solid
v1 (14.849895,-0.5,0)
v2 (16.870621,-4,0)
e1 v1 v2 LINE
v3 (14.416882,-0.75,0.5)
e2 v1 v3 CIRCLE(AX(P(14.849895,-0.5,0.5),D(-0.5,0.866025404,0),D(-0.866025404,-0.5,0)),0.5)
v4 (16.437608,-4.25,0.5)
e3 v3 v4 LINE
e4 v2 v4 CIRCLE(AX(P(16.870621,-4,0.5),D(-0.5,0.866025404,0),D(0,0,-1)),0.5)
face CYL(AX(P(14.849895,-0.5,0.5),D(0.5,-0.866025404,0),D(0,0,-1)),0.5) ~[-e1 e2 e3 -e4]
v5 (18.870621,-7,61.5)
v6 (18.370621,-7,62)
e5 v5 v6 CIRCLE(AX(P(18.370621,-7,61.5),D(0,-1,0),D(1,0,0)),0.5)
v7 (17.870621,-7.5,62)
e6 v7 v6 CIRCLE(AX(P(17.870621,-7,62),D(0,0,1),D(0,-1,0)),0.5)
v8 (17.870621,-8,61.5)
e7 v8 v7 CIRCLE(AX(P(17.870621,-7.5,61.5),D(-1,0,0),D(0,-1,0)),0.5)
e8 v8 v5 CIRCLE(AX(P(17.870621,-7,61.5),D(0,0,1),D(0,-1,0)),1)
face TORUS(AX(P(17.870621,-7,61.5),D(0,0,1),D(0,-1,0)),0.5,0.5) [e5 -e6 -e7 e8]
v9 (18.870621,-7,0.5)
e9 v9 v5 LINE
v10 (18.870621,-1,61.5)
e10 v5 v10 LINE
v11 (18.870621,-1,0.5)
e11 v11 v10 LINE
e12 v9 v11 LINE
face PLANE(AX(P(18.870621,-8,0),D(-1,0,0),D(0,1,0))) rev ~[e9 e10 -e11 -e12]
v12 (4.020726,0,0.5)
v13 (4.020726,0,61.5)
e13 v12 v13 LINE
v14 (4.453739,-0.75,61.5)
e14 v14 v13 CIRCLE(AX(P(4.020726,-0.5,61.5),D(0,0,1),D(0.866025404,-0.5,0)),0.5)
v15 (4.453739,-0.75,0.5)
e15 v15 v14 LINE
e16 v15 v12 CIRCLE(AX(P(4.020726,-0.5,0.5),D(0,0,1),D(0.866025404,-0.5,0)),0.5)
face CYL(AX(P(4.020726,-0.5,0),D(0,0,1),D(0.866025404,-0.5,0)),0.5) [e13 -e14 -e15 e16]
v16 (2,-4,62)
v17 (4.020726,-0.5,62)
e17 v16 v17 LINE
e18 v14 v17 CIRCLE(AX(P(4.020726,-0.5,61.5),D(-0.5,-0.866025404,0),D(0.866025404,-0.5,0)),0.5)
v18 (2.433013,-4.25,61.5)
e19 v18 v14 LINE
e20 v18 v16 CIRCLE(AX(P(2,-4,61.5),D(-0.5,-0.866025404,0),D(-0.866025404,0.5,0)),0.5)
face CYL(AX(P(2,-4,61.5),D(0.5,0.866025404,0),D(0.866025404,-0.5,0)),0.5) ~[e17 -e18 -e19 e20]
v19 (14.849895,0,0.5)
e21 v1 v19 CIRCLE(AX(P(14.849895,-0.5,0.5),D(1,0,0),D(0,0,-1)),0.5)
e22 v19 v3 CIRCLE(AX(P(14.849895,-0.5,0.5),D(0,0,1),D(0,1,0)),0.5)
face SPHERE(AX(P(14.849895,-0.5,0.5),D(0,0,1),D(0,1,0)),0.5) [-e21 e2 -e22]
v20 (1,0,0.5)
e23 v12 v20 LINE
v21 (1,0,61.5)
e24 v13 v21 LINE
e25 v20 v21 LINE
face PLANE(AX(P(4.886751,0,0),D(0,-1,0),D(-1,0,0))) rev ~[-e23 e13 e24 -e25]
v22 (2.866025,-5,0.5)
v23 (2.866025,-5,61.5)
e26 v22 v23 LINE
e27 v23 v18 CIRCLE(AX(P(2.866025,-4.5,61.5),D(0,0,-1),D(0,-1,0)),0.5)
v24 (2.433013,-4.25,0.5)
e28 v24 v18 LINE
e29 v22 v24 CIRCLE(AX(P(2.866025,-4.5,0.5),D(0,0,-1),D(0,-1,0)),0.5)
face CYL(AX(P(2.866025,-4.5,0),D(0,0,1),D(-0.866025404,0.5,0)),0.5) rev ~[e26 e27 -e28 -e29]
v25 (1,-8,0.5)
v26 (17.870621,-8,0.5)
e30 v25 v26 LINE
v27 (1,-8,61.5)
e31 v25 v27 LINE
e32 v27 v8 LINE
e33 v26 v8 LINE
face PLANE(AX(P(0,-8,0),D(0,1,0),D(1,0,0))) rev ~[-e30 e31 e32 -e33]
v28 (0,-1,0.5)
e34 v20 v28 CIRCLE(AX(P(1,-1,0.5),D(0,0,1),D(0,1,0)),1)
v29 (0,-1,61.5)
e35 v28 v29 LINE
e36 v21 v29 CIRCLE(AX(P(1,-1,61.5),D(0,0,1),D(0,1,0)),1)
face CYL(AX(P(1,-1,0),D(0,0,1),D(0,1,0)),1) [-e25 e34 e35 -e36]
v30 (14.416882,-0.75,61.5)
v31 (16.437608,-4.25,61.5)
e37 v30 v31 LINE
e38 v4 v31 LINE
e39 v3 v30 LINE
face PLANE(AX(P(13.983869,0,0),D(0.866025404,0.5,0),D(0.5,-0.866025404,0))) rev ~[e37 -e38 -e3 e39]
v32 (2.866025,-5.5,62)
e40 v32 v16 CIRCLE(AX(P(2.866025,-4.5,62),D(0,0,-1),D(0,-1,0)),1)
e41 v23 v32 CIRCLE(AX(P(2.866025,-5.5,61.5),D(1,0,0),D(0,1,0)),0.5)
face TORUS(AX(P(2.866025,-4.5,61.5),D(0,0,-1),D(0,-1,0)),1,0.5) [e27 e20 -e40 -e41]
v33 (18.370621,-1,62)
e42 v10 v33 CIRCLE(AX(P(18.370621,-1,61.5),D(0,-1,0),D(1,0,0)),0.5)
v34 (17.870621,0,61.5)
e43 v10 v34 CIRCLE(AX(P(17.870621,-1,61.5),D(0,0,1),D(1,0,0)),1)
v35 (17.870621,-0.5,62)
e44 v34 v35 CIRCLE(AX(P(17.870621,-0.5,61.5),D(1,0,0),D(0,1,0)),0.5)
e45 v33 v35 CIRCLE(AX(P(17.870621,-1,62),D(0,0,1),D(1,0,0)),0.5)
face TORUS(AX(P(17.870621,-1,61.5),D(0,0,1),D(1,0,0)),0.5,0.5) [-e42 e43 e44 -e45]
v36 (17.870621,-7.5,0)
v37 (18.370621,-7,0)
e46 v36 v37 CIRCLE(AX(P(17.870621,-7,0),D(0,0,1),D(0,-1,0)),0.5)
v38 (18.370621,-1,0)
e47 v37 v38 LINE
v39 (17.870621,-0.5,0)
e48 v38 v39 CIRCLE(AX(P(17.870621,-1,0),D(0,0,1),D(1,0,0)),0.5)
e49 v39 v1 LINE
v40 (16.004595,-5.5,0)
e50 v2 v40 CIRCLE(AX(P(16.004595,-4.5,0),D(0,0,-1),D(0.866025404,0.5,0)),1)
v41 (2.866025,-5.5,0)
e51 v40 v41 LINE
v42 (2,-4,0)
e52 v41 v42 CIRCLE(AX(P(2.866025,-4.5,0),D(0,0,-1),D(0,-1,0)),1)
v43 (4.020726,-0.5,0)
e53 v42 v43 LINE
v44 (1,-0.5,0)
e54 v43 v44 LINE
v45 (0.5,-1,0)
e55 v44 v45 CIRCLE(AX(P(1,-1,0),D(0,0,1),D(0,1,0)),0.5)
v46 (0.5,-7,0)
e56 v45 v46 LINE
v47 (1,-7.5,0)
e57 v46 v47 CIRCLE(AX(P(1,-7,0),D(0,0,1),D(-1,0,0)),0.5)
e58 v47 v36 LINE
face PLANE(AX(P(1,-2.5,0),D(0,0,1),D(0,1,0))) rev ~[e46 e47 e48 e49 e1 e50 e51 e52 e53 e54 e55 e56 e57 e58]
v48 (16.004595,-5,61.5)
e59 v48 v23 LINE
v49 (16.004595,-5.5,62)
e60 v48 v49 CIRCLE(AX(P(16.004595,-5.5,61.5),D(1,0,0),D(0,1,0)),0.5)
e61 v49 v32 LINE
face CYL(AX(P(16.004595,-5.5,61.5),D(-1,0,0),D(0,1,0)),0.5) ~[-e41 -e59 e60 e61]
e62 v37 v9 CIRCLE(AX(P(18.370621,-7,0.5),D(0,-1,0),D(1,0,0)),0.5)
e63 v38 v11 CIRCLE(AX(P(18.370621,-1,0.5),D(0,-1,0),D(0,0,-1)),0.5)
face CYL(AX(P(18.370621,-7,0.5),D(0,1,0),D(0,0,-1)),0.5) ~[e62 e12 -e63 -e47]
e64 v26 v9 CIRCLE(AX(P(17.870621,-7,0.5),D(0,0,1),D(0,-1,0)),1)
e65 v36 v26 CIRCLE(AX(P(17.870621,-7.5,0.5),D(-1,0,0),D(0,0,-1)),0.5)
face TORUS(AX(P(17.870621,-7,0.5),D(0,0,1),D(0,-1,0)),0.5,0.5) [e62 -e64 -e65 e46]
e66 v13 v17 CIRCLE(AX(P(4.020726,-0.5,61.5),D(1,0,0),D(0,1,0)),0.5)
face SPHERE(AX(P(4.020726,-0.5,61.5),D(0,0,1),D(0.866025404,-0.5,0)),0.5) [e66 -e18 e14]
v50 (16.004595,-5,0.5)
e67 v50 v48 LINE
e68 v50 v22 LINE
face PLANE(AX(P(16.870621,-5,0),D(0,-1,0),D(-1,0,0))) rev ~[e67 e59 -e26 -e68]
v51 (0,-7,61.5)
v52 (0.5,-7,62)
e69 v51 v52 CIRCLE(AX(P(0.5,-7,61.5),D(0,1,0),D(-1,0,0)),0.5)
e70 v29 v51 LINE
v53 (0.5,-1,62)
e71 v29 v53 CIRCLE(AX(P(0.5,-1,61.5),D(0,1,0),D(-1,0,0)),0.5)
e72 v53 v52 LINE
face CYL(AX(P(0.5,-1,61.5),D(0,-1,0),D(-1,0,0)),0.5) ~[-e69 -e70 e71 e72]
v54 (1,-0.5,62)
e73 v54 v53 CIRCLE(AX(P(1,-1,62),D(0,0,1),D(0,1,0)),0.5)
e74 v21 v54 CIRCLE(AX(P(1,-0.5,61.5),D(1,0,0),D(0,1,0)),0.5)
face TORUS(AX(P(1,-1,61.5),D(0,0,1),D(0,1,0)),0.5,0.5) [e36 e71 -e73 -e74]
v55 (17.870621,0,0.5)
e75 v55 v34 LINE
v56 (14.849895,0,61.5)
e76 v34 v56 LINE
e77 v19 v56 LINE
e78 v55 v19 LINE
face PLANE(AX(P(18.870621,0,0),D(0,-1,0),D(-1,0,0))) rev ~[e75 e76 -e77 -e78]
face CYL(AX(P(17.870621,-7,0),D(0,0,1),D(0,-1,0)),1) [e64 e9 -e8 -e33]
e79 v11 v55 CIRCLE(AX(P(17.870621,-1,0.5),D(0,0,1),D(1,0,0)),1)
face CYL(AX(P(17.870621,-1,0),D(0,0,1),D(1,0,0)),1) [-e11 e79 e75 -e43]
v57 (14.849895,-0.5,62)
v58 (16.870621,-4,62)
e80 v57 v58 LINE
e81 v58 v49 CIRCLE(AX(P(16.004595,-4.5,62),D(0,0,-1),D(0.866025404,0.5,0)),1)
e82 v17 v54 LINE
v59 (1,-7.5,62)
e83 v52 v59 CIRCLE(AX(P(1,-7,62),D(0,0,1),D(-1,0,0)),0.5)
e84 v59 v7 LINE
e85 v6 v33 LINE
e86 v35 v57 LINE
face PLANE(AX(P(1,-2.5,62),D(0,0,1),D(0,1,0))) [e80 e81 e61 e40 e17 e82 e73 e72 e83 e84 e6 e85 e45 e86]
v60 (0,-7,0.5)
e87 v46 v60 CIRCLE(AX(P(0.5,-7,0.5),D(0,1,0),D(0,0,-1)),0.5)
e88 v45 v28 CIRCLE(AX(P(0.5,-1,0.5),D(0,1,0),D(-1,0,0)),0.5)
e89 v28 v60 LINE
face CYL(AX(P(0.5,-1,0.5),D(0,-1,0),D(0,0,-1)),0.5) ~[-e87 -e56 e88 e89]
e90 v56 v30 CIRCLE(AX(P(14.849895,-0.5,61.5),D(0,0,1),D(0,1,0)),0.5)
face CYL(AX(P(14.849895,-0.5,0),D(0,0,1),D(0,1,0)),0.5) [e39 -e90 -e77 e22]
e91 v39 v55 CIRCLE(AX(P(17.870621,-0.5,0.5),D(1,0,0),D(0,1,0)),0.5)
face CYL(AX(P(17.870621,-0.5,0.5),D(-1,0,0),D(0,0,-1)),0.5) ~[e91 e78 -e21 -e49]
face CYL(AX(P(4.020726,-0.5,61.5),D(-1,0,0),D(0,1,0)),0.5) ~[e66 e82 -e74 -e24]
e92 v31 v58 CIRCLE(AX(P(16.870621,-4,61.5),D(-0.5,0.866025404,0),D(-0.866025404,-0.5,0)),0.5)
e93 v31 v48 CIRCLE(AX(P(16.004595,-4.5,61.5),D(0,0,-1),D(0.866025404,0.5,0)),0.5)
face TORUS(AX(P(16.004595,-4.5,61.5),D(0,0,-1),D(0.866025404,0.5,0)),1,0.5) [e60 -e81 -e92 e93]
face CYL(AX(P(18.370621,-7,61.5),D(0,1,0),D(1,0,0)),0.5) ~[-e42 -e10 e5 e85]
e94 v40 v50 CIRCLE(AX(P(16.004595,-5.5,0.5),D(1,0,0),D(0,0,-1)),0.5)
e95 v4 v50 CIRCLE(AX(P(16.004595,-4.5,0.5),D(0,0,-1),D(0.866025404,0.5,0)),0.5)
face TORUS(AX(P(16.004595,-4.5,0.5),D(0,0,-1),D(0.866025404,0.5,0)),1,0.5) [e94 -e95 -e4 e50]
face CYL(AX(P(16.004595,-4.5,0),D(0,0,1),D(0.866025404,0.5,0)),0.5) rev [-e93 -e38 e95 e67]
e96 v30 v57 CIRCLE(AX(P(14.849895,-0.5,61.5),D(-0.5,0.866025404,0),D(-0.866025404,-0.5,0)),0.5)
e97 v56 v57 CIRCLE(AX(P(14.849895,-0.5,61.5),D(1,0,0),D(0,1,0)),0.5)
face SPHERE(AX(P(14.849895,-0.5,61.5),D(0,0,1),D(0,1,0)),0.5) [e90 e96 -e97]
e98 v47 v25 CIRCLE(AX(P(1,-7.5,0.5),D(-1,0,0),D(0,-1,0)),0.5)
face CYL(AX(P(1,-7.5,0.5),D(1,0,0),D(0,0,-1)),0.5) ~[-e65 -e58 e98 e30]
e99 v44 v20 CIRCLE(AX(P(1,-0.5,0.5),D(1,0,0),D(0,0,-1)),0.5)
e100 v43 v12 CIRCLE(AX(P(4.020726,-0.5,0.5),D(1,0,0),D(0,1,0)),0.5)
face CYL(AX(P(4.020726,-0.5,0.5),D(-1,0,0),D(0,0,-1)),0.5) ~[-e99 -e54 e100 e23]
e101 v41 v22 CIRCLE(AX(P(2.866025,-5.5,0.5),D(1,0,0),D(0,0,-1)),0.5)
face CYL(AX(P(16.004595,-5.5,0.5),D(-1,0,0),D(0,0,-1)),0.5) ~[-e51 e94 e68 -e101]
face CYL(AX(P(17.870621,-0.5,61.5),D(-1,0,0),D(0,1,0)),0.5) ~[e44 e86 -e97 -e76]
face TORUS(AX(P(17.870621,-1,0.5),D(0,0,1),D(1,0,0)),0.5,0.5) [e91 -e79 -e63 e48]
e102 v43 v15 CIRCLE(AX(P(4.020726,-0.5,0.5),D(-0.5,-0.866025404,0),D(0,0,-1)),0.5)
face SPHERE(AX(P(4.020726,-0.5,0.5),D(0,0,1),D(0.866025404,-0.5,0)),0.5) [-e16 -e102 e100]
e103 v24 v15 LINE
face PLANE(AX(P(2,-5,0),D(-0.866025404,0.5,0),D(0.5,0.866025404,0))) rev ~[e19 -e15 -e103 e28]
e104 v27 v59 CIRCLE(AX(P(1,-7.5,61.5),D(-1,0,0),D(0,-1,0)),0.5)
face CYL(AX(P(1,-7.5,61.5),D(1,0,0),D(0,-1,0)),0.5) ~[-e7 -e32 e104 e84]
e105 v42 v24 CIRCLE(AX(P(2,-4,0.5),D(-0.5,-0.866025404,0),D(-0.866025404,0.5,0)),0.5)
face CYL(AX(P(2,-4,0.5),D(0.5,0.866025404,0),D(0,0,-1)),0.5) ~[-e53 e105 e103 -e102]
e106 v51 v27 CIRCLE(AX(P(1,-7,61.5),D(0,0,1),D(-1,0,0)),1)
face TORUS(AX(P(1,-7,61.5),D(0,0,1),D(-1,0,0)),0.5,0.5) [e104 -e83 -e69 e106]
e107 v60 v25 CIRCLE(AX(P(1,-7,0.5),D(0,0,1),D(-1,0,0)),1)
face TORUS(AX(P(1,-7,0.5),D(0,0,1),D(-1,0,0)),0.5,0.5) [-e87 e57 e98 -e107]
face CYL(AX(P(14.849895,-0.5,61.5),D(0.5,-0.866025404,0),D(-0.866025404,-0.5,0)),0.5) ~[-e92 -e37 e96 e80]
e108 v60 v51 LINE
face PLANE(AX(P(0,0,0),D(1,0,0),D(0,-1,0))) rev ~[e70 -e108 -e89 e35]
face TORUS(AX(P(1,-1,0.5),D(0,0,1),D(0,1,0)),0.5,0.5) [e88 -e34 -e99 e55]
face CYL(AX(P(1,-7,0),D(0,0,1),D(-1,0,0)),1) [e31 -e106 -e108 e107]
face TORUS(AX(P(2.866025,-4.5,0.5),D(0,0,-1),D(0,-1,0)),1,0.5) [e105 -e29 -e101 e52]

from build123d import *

# Parameters (mm, degrees)
SKETCH1_W           = 5
SKETCH1_H           = 2
BOSS_EXTRUDE1_DEPTH = 62
FILLET1_R           = 0.5
FILLET2_R           = 1
FILLET3_R           = 0.5


with BuildPart() as part:
    # Sketch1 → Boss-Extrude1 (new body)
    with BuildSketch(Plane(origin=(0, 0, 0), x_dir=(0, 1, 0), z_dir=(0, 0, 1))):
        with Locations((-2.5, -1)):
            Rectangle(SKETCH1_W, SKETCH1_H)
        Polygon((0, -4.886751346), (0, -2), (-5, -2), align=None)
        Polygon((-5, -16.87062059), (-5, -2), (-5, 0), (-8, 0), (-8, -18.87062059), (-5, -18.87062059), align=None)
        Polygon((0, -13.983869244), (-5, -16.87062059), (0, -16.87062059), align=None)
        with Locations((-2.5, -17.87062059)):
            Rectangle(SKETCH1_W, SKETCH1_H)
    extrude(amount=BOSS_EXTRUDE1_DEPTH)

    # Fillet1
    fillet1_edges = [part.edges().sort_by_distance(p)[0] for p in [
        (4.886751346, 0, 31),
        (2, -5, 31),
        (16.87062059, -5, 31),
        (13.983869244, 0, 31),
    ]]
    fillet(fillet1_edges, radius=FILLET1_R)

    # Fillet2
    fillet2_edges = [part.edges().sort_by_distance(p)[0] for p in [
        (18.87062059, 0, 31),
        (18.87062059, -8, 31),
        (0, -8, 31),
        (0, 0, 31),
    ]]
    fillet(fillet2_edges, radius=FILLET2_R)

    # Fillet3
    fillet3_edges = [part.edges().sort_by_distance(p)[0] for p in [
        (9.435310295, -5, 0),
        (9.435310295, -5, 62),
        (15.427244917, -2.5, 0),
        (15.427244917, -2.5, 62),
        (3.443375673, -2.5, 0),
        (3.443375673, -2.5, 62),
        (4.453738644, -0.25, 0),
        (14.416881946, -0.25, 0),
        (4.453738644, -0.25, 62),
        (14.416881946, -0.25, 62),
        (16.437607888, -4.75, 0),
        (16.437607888, -4.75, 62),
        (2.433012702, -4.75, 0),
        (2.433012702, -4.75, 62),
        (16.360257619, 0, 0),
        (16.360257619, 0, 62),
        (18.87062059, -4, 0),
        (9.435310295, -8, 0),
        (0, -4, 0),
        (2.510362971, 0, 0),
        (0.292893219, -0.292893219, 0),
        (0.292893219, -7.707106781, 0),
        (18.577727371, -7.707106781, 0),
        (18.577727371, -0.292893219, 0),
        (18.87062059, -4, 62),
        (2.510362971, 0, 62),
        (0, -4, 62),
        (9.435310295, -8, 62),
        (0.292893219, -0.292893219, 62),
        (0.292893219, -7.707106781, 62),
        (18.577727371, -7.707106781, 62),
        (18.577727371, -0.292893219, 62),
    ]]
    fillet(fillet3_edges, radius=FILLET3_R)


solid = part.part
